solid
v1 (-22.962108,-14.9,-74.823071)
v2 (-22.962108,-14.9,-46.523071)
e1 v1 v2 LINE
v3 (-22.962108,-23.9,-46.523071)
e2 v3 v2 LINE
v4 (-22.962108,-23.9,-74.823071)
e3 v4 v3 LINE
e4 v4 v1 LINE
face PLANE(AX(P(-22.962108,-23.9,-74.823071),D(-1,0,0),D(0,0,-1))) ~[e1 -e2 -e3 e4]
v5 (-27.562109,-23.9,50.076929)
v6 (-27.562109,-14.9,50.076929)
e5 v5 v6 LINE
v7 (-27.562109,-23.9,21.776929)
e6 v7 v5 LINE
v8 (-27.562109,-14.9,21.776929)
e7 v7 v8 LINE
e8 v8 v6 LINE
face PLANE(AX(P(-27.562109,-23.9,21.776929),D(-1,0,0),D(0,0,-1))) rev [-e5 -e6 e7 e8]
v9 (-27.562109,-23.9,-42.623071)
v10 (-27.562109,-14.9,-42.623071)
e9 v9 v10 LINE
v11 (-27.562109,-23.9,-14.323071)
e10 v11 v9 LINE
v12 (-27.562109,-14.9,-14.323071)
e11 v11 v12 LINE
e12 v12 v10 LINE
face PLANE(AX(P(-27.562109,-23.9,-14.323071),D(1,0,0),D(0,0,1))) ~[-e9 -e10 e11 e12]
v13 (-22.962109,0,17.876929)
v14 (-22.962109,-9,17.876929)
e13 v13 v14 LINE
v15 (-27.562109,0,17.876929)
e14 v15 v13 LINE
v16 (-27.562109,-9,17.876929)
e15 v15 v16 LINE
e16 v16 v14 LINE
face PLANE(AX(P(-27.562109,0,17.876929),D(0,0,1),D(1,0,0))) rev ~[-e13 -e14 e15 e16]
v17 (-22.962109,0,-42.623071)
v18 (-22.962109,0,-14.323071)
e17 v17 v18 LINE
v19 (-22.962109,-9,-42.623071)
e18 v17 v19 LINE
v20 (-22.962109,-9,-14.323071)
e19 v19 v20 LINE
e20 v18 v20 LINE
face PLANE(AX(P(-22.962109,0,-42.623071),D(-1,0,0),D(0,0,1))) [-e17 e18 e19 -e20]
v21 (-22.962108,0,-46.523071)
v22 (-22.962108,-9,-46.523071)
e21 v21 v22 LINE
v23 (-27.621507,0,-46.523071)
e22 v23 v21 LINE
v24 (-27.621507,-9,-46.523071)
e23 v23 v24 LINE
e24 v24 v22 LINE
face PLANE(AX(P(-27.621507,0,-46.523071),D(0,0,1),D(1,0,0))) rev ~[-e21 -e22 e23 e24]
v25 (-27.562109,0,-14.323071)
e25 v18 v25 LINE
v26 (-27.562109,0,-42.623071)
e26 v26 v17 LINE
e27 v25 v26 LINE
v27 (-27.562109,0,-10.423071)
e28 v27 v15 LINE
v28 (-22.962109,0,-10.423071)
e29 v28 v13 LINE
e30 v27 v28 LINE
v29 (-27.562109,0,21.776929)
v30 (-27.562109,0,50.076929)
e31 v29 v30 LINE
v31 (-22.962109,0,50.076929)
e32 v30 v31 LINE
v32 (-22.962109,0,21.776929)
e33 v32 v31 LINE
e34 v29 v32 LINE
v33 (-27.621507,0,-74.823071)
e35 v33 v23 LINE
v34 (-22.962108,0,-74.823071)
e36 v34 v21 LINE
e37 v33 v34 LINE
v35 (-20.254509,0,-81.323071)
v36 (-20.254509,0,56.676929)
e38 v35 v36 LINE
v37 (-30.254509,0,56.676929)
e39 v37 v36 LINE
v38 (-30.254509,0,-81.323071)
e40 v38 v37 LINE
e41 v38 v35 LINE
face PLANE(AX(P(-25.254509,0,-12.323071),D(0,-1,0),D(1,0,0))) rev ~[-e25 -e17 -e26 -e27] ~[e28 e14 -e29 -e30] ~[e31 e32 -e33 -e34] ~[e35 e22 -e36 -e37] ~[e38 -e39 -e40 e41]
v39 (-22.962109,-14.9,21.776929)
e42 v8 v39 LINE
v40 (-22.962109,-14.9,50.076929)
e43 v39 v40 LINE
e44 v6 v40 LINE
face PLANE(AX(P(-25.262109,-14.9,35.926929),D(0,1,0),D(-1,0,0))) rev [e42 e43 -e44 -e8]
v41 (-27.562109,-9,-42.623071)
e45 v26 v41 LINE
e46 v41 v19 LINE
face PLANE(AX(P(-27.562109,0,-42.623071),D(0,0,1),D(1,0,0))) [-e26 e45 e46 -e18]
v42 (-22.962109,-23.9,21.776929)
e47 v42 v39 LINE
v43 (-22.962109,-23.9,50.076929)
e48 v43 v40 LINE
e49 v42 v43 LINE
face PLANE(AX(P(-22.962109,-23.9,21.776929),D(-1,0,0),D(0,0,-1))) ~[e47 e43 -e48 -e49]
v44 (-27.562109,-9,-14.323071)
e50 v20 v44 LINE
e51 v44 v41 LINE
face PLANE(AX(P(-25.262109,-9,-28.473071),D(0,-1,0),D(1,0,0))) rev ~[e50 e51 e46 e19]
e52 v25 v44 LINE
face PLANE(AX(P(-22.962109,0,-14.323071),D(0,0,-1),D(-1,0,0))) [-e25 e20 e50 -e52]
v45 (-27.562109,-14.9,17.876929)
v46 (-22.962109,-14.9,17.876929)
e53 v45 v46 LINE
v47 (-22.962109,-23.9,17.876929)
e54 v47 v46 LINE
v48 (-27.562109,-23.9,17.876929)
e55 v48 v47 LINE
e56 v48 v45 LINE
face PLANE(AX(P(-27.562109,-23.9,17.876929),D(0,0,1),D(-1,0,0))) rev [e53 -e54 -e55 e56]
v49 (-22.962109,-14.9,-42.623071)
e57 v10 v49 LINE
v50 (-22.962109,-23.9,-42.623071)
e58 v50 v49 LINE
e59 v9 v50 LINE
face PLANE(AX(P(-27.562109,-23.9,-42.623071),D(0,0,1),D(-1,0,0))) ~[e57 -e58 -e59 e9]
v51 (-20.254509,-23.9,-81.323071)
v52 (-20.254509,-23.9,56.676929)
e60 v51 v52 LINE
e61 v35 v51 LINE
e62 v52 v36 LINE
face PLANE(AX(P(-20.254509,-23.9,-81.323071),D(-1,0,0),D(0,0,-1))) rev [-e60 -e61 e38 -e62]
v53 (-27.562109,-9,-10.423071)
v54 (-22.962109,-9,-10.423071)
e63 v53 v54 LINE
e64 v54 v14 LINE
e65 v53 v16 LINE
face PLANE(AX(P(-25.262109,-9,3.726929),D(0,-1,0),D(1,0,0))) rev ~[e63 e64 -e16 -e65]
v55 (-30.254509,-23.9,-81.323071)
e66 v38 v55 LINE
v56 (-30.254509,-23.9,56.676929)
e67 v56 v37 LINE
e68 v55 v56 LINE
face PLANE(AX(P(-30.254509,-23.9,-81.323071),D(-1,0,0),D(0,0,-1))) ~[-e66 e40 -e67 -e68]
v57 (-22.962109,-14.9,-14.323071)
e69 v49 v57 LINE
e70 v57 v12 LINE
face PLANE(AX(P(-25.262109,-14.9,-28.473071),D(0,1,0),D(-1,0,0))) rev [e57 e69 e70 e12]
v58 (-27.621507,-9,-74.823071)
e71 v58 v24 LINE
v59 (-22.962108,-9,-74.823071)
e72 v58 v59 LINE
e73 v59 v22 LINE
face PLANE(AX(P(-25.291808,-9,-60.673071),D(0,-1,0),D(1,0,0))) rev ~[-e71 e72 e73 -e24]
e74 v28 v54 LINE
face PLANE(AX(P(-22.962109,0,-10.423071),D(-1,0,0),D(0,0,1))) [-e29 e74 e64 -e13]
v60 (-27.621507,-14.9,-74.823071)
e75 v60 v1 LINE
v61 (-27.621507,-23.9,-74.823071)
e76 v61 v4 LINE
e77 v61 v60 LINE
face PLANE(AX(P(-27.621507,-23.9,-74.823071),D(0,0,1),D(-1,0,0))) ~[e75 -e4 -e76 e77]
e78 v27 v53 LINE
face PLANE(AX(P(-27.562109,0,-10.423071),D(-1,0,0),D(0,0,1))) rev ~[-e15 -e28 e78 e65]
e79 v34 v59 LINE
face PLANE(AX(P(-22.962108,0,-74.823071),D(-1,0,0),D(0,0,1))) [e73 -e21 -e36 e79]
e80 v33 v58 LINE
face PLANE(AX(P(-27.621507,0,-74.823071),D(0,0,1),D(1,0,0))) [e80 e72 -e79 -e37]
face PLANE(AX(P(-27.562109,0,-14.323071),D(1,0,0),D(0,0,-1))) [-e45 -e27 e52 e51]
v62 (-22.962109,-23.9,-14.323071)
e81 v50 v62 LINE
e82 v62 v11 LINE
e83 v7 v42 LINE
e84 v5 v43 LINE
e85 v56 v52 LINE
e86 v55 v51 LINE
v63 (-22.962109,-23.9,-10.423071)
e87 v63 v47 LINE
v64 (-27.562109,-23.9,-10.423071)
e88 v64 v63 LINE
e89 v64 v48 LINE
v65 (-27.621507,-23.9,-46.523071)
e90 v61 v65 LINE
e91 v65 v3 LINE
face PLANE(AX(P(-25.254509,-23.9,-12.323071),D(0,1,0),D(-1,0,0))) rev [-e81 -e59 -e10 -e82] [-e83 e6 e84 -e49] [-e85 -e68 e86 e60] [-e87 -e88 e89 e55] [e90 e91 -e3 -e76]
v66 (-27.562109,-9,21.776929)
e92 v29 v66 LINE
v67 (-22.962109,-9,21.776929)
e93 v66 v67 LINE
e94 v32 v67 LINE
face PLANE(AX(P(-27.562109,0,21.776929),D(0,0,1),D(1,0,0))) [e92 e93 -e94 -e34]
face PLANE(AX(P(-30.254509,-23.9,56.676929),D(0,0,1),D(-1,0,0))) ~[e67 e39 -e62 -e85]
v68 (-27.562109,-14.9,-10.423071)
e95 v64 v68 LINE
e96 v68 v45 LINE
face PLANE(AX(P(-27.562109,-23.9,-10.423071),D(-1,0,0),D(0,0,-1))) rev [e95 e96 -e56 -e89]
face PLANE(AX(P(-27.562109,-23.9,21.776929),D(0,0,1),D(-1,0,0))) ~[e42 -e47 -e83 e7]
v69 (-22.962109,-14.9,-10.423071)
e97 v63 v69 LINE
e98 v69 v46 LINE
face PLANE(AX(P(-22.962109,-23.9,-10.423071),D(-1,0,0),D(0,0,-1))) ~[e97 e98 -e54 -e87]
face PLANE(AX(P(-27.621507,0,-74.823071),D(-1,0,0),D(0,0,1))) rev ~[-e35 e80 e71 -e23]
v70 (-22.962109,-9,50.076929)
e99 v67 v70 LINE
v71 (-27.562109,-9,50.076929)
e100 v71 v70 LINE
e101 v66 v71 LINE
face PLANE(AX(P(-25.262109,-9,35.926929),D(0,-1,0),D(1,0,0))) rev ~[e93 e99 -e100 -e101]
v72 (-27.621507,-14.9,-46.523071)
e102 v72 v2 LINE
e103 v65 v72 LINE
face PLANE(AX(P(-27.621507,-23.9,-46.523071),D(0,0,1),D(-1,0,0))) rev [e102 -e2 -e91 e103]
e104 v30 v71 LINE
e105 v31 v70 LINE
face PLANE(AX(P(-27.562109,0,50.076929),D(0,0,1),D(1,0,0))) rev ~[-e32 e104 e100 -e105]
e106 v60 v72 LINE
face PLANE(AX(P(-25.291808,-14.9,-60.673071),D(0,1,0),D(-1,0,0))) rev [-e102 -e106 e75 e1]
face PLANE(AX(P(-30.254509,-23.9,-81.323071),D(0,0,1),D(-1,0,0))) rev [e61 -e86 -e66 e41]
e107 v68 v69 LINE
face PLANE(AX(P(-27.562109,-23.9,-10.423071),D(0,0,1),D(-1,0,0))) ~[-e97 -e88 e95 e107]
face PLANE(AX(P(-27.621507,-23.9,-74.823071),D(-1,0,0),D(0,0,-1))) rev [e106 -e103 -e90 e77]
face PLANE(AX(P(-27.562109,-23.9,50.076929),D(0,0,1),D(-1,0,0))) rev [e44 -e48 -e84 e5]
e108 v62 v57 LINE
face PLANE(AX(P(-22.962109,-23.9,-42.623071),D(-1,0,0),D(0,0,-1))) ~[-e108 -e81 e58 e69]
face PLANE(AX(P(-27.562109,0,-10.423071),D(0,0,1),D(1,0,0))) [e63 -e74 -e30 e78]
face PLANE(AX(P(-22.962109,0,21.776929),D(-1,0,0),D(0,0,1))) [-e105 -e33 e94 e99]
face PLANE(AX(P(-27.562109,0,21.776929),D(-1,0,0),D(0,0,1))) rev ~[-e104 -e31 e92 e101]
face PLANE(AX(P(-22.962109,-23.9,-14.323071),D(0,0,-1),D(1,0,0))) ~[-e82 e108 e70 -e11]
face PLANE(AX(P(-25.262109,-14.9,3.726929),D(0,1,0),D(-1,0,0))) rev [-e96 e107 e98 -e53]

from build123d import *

# Parameters (mm, degrees)
F0_W     = 10
F0_H     = 138
F0_W_2   = 4.659399
F0_H_2   = 28.3
F0_W_3   = 4.6
F1_DEPTH = 11.95
F2_DEPTH = 9


with BuildPart() as f1:
    # F0 (on Front) → F1 (new body)
    with BuildSketch(Plane.XZ):
        with Locations((-25.254509, -12.323071)):
            Rectangle(F0_W, F0_H)
        with Locations((-25.291808, -60.673071)):
            Rectangle(F0_W_2, F0_H_2, mode=Mode.SUBTRACT)
        Polygon((-27.562109, -41.183438), (-27.562109, -14.323071), (-22.962109, -14.323071), (-22.962109, -42.623071), (-27.562109, -42.623071), align=None, mode=Mode.SUBTRACT)
        with Locations((-25.262109, 3.726929)):
            Rectangle(F0_W_3, F0_H_2, mode=Mode.SUBTRACT)
        with Locations((-25.262109, 35.926929)):
            Rectangle(F0_W_3, F0_H_2, mode=Mode.SUBTRACT)
        with Locations((-25.262109, 35.926929)):
            Rectangle(F0_W_3, F0_H_2)
        with Locations((-25.262109, 3.726929)):
            Rectangle(F0_W_3, F0_H_2)
        Polygon((-22.962109, -14.323071), (-27.562109, -14.323071), (-27.562109, -41.183438), (-27.562109, -42.623071), (-22.962109, -42.623071), align=None)
        with Locations((-25.291808, -60.673071)):
            Rectangle(F0_W_2, F0_H_2)
    extrude(amount=F1_DEPTH)

    # F0 (on Front) → F2 (cut)
    with BuildSketch(Plane.XZ):
        with Locations((-25.262109, 35.926929)):
            Rectangle(F0_W_3, F0_H_2)
        with Locations((-25.262109, 3.726929)):
            Rectangle(F0_W_3, F0_H_2)
        Polygon((-22.962109, -14.323071), (-27.562109, -14.323071), (-27.562109, -41.183438), (-27.562109, -42.623071), (-22.962109, -42.623071), align=None)
        with Locations((-25.291808, -60.673071)):
            Rectangle(F0_W_2, F0_H_2)
    extrude(amount=F2_DEPTH, mode=Mode.SUBTRACT)

    # F3: F1 across face


with BuildPart() as f1_1:
    add(f1.part)
    add(f1.part.mirror(Plane(origin=(-25.254509, -11.95, -12.323071), x_dir=(1, 0, 0), z_dir=(0, -1, 0))))


solid = f1_1.part
